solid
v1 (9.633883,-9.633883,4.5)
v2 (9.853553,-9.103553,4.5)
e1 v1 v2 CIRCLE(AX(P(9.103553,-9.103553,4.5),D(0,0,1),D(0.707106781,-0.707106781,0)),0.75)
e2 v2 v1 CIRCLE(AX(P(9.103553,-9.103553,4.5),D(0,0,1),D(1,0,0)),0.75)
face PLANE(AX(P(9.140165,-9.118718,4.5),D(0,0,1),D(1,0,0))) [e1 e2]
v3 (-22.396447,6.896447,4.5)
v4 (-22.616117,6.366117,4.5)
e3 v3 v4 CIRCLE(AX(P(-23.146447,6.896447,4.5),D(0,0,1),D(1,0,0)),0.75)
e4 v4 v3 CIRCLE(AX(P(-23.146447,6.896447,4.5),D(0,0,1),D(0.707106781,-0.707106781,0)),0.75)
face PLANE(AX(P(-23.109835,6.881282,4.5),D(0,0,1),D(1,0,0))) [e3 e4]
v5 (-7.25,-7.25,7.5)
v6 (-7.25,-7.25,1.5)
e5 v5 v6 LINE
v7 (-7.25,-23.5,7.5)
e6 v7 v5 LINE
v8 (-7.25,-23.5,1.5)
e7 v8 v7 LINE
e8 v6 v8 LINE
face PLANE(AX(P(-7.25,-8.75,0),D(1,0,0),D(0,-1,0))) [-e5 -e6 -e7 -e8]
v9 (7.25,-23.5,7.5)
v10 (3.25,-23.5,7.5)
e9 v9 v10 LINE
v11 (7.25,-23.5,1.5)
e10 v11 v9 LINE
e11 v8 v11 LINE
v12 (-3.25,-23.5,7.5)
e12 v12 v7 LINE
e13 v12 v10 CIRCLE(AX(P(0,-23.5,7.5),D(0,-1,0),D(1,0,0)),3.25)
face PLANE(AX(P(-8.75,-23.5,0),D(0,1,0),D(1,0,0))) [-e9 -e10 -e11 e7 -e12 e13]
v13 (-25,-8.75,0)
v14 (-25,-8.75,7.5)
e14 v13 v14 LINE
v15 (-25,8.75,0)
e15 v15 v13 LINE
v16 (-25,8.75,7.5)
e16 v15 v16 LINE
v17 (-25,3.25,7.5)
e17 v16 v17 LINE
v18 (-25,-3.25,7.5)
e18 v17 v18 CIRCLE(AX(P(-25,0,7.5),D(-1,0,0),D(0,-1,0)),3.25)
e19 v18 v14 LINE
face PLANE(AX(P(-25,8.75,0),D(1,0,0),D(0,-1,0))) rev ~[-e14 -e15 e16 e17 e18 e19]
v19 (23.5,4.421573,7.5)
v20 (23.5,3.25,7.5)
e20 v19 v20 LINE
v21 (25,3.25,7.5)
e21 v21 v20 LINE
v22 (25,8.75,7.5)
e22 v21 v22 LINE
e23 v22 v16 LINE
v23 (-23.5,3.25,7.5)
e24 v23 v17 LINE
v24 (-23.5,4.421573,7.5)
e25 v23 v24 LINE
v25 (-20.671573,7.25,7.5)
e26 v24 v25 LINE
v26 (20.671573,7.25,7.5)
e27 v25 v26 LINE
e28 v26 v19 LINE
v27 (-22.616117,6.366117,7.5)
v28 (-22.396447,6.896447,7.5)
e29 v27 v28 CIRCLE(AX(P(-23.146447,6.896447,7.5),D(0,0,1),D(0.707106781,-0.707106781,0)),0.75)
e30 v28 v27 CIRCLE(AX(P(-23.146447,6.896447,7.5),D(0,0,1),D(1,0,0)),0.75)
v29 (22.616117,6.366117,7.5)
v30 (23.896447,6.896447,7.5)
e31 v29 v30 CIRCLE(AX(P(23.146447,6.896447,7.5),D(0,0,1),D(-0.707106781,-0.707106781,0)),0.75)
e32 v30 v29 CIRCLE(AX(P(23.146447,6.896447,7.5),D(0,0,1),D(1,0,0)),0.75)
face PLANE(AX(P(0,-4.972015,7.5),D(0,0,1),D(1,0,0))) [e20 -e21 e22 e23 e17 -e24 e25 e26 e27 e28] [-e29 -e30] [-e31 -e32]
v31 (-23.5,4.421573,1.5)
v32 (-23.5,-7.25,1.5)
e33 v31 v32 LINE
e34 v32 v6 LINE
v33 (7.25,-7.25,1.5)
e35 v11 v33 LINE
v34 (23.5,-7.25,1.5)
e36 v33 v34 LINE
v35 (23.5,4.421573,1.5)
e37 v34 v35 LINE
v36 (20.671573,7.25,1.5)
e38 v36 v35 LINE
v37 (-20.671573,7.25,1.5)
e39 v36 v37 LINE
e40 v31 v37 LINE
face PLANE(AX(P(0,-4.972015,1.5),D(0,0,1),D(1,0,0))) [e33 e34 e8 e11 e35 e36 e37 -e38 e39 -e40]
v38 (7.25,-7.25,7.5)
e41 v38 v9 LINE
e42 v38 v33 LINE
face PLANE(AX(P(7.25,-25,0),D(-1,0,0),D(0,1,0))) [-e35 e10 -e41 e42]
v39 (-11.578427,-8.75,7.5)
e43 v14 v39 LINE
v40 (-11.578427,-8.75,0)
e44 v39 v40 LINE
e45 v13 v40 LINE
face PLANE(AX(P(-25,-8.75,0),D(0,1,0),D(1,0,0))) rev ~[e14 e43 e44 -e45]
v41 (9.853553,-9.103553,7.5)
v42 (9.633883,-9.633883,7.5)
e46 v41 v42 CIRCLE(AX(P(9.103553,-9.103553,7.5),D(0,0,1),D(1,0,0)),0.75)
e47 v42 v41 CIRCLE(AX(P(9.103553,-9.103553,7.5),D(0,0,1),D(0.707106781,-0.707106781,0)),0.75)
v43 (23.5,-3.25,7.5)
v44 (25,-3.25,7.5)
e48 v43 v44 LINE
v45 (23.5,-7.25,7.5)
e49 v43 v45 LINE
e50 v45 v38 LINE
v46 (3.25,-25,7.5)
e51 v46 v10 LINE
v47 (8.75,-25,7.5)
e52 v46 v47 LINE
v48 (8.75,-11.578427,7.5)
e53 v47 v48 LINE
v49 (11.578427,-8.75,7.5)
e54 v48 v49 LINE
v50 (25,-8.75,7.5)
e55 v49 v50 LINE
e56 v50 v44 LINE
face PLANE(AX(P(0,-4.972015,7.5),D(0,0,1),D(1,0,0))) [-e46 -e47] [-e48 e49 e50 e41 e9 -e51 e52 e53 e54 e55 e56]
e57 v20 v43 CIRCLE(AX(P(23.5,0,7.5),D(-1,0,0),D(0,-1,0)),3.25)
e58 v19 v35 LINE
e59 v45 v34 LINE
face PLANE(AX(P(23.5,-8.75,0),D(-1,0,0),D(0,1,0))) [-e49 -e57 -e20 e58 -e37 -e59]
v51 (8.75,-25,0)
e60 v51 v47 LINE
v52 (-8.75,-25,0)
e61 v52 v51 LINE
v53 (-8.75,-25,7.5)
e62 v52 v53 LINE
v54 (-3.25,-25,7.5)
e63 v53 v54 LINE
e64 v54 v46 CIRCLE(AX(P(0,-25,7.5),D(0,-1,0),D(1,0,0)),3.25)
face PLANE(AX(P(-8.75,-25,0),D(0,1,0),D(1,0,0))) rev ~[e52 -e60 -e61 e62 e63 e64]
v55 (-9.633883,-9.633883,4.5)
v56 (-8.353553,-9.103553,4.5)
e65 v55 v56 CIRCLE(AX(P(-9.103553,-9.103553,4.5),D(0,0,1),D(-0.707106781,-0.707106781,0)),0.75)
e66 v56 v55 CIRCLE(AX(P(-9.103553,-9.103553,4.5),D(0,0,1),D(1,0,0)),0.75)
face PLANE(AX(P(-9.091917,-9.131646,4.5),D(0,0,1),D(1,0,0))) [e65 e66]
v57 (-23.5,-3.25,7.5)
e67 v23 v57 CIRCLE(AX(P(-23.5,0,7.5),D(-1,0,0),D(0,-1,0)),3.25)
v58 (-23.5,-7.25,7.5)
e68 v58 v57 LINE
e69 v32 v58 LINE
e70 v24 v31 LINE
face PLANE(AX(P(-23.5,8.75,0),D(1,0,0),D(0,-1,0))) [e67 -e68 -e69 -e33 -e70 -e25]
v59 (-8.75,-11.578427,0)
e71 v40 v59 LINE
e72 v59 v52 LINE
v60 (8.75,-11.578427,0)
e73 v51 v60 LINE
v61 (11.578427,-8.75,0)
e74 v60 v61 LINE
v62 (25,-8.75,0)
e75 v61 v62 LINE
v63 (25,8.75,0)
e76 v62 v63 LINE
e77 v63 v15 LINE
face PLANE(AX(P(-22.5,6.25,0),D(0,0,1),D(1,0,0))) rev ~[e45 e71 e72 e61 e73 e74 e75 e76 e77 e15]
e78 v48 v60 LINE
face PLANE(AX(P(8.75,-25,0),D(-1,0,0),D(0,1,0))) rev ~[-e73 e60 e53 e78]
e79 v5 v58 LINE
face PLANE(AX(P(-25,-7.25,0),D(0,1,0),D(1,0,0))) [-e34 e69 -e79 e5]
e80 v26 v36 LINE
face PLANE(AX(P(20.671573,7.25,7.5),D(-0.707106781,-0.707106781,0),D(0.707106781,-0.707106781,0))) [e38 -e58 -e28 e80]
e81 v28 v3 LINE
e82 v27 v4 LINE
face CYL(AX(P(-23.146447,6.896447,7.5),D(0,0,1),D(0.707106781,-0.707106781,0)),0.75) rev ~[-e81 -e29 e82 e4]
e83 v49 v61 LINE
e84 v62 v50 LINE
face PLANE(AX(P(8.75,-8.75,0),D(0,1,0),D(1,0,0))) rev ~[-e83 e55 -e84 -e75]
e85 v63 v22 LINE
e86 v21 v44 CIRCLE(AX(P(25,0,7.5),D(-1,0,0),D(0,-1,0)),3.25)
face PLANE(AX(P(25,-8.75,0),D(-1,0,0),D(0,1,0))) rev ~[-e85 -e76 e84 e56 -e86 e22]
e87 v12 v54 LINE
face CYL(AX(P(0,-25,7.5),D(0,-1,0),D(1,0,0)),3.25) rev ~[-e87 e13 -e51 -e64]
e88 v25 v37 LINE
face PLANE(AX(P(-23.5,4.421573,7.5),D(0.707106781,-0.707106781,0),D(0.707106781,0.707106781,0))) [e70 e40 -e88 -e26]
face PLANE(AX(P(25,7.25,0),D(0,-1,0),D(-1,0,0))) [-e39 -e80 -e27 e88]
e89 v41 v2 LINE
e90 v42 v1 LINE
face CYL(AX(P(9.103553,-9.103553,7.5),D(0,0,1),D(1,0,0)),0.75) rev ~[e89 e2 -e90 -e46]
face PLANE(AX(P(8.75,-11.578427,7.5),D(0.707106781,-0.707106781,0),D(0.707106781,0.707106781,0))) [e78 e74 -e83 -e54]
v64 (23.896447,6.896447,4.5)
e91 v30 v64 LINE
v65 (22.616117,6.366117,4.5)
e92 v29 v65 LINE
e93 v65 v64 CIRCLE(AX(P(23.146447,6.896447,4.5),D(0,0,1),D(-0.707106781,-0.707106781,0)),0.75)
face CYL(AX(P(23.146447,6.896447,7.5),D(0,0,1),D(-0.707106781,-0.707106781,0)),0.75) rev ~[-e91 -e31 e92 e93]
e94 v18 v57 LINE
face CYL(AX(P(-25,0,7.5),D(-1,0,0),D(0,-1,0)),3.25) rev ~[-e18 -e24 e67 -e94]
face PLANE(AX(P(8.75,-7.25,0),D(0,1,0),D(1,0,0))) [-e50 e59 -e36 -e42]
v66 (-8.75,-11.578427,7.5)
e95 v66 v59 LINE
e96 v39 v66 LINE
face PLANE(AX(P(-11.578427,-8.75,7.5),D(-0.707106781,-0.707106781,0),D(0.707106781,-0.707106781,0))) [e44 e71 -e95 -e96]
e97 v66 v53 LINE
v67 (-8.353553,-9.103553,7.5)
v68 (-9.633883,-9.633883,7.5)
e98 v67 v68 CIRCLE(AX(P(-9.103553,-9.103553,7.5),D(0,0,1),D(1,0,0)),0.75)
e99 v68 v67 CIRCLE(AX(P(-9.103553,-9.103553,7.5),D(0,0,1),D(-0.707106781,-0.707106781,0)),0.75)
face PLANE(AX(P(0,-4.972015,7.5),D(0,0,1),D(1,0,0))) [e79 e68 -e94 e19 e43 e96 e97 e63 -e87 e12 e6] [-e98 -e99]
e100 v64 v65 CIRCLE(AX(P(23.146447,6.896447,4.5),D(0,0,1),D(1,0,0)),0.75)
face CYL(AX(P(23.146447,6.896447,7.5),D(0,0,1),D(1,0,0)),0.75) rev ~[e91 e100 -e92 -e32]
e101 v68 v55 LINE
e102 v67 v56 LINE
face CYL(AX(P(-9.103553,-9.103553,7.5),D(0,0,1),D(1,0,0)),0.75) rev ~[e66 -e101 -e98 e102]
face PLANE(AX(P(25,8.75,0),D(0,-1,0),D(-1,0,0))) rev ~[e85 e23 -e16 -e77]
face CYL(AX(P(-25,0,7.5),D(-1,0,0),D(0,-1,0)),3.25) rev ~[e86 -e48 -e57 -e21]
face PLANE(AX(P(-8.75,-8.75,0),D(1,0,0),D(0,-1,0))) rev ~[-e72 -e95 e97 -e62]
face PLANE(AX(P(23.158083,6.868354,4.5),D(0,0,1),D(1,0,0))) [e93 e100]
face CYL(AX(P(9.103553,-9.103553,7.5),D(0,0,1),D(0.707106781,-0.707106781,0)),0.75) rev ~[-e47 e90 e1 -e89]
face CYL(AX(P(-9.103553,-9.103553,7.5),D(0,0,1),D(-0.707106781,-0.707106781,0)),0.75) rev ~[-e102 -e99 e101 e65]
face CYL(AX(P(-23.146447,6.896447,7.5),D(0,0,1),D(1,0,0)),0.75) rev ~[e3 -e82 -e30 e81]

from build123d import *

# Parameters (mm, degrees)
F1_DEPTH  = 7.5
F2_T      = -1.5
F4_DEPTH  = 7.5
F6_DEPTH  = 3
F7_R      = 3.25
F8_DEPTH  = 32.25
F9_R      = 3.25
F10_DEPTH = 50.001


with BuildPart() as f1:
    # F0 (on Top) → F1 (new body)
    with BuildSketch(Plane.XY):
        Polygon((25, -8.75), (25, 8.75), (8.75, 8.75), (-8.75, 8.75), (-25, 8.75), (-25, -8.75), (-8.75, -8.75), (-8.75, -25), (0, -25), (8.75, -25), (8.75, -8.75), align=None)
    extrude(amount=F1_DEPTH)

    # F2
    f2_openings = [f1.faces().sort_by_distance(p)[0] for p in [
        (0, -4.139151, 7.5),
    ]]
    offset(amount=F2_T, openings=f2_openings, kind=Kind.INTERSECTION)

    # F3 (on face) → F4 (join, through all)
    with BuildSketch(Plane.XY.offset(7.5)):
        Polygon((-23.5, 7.25), (-23.5, 4.4215728753), (-20.6715728753, 7.25), align=None)
        Polygon((-8.75, -8.75), (-11.5784271247, -8.75), (-8.75, -11.5784271247), align=None)
        Polygon((23.5, 7.25), (20.6715728753, 7.25), (23.5, 4.4215728753), align=None)
        Polygon((8.75, -11.5784271247), (11.5784271247, -8.75), (8.75, -8.75), align=None)
    extrude(amount=-F4_DEPTH)

    # F5 (on face) → F6 (cut)
    with BuildSketch(Plane.XY.offset(7.5)):
        with BuildLine():
            ThreePointArc((-9.6338834765, -9.6338834765), (-8.8165408163, -9.79646304), (-8.3535533906, -9.1035533906))
            ThreePointArc((-8.3535533906, -9.1035533906), (-9.3905659649, -8.4106437412), (-9.6338834765, -9.6338834765))
        make_face()
        with BuildLine():
            ThreePointArc((-22.6161165235, 6.3661165235), (-22.45353696, 6.6094340351), (-22.3964466094, 6.8964466094))
            ThreePointArc((-22.3964466094, 6.8964466094), (-23.8393562588, 7.1834591837), (-22.6161165235, 6.3661165235))
        make_face()
        with BuildLine():
            ThreePointArc((9.6338834765, -9.6338834765), (9.79646304, -9.3905659649), (9.8535533906, -9.1035533906))
            ThreePointArc((9.8535533906, -9.1035533906), (8.4106437412, -8.8165408163), (9.6338834765, -9.6338834765))
        make_face()
        with BuildLine():
            ThreePointArc((22.6161165235, 6.3661165235), (23.4334591837, 6.20353696), (23.8964466094, 6.8964466094))
            ThreePointArc((23.8964466094, 6.8964466094), (22.8594340351, 7.5893562588), (22.6161165235, 6.3661165235))
        make_face()
    extrude(amount=-F6_DEPTH, mode=Mode.SUBTRACT)

    # F7 (on face) → F8 (cut, through all)
    with BuildSketch(Plane.XZ.offset(25)):
        with Locations((0, 7.5)):
            Circle(F7_R)
    extrude(amount=-F8_DEPTH, mode=Mode.SUBTRACT)

    # F9 (on face) → F10 (cut, through all)
    with BuildSketch(Plane(origin=(-25, 0, 0), x_dir=(0, -1, 0), z_dir=(-1, 0, 0))):
        with Locations((0, 7.5)):
            Circle(F9_R)
    extrude(amount=-F10_DEPTH, mode=Mode.SUBTRACT)


solid = f1.part
